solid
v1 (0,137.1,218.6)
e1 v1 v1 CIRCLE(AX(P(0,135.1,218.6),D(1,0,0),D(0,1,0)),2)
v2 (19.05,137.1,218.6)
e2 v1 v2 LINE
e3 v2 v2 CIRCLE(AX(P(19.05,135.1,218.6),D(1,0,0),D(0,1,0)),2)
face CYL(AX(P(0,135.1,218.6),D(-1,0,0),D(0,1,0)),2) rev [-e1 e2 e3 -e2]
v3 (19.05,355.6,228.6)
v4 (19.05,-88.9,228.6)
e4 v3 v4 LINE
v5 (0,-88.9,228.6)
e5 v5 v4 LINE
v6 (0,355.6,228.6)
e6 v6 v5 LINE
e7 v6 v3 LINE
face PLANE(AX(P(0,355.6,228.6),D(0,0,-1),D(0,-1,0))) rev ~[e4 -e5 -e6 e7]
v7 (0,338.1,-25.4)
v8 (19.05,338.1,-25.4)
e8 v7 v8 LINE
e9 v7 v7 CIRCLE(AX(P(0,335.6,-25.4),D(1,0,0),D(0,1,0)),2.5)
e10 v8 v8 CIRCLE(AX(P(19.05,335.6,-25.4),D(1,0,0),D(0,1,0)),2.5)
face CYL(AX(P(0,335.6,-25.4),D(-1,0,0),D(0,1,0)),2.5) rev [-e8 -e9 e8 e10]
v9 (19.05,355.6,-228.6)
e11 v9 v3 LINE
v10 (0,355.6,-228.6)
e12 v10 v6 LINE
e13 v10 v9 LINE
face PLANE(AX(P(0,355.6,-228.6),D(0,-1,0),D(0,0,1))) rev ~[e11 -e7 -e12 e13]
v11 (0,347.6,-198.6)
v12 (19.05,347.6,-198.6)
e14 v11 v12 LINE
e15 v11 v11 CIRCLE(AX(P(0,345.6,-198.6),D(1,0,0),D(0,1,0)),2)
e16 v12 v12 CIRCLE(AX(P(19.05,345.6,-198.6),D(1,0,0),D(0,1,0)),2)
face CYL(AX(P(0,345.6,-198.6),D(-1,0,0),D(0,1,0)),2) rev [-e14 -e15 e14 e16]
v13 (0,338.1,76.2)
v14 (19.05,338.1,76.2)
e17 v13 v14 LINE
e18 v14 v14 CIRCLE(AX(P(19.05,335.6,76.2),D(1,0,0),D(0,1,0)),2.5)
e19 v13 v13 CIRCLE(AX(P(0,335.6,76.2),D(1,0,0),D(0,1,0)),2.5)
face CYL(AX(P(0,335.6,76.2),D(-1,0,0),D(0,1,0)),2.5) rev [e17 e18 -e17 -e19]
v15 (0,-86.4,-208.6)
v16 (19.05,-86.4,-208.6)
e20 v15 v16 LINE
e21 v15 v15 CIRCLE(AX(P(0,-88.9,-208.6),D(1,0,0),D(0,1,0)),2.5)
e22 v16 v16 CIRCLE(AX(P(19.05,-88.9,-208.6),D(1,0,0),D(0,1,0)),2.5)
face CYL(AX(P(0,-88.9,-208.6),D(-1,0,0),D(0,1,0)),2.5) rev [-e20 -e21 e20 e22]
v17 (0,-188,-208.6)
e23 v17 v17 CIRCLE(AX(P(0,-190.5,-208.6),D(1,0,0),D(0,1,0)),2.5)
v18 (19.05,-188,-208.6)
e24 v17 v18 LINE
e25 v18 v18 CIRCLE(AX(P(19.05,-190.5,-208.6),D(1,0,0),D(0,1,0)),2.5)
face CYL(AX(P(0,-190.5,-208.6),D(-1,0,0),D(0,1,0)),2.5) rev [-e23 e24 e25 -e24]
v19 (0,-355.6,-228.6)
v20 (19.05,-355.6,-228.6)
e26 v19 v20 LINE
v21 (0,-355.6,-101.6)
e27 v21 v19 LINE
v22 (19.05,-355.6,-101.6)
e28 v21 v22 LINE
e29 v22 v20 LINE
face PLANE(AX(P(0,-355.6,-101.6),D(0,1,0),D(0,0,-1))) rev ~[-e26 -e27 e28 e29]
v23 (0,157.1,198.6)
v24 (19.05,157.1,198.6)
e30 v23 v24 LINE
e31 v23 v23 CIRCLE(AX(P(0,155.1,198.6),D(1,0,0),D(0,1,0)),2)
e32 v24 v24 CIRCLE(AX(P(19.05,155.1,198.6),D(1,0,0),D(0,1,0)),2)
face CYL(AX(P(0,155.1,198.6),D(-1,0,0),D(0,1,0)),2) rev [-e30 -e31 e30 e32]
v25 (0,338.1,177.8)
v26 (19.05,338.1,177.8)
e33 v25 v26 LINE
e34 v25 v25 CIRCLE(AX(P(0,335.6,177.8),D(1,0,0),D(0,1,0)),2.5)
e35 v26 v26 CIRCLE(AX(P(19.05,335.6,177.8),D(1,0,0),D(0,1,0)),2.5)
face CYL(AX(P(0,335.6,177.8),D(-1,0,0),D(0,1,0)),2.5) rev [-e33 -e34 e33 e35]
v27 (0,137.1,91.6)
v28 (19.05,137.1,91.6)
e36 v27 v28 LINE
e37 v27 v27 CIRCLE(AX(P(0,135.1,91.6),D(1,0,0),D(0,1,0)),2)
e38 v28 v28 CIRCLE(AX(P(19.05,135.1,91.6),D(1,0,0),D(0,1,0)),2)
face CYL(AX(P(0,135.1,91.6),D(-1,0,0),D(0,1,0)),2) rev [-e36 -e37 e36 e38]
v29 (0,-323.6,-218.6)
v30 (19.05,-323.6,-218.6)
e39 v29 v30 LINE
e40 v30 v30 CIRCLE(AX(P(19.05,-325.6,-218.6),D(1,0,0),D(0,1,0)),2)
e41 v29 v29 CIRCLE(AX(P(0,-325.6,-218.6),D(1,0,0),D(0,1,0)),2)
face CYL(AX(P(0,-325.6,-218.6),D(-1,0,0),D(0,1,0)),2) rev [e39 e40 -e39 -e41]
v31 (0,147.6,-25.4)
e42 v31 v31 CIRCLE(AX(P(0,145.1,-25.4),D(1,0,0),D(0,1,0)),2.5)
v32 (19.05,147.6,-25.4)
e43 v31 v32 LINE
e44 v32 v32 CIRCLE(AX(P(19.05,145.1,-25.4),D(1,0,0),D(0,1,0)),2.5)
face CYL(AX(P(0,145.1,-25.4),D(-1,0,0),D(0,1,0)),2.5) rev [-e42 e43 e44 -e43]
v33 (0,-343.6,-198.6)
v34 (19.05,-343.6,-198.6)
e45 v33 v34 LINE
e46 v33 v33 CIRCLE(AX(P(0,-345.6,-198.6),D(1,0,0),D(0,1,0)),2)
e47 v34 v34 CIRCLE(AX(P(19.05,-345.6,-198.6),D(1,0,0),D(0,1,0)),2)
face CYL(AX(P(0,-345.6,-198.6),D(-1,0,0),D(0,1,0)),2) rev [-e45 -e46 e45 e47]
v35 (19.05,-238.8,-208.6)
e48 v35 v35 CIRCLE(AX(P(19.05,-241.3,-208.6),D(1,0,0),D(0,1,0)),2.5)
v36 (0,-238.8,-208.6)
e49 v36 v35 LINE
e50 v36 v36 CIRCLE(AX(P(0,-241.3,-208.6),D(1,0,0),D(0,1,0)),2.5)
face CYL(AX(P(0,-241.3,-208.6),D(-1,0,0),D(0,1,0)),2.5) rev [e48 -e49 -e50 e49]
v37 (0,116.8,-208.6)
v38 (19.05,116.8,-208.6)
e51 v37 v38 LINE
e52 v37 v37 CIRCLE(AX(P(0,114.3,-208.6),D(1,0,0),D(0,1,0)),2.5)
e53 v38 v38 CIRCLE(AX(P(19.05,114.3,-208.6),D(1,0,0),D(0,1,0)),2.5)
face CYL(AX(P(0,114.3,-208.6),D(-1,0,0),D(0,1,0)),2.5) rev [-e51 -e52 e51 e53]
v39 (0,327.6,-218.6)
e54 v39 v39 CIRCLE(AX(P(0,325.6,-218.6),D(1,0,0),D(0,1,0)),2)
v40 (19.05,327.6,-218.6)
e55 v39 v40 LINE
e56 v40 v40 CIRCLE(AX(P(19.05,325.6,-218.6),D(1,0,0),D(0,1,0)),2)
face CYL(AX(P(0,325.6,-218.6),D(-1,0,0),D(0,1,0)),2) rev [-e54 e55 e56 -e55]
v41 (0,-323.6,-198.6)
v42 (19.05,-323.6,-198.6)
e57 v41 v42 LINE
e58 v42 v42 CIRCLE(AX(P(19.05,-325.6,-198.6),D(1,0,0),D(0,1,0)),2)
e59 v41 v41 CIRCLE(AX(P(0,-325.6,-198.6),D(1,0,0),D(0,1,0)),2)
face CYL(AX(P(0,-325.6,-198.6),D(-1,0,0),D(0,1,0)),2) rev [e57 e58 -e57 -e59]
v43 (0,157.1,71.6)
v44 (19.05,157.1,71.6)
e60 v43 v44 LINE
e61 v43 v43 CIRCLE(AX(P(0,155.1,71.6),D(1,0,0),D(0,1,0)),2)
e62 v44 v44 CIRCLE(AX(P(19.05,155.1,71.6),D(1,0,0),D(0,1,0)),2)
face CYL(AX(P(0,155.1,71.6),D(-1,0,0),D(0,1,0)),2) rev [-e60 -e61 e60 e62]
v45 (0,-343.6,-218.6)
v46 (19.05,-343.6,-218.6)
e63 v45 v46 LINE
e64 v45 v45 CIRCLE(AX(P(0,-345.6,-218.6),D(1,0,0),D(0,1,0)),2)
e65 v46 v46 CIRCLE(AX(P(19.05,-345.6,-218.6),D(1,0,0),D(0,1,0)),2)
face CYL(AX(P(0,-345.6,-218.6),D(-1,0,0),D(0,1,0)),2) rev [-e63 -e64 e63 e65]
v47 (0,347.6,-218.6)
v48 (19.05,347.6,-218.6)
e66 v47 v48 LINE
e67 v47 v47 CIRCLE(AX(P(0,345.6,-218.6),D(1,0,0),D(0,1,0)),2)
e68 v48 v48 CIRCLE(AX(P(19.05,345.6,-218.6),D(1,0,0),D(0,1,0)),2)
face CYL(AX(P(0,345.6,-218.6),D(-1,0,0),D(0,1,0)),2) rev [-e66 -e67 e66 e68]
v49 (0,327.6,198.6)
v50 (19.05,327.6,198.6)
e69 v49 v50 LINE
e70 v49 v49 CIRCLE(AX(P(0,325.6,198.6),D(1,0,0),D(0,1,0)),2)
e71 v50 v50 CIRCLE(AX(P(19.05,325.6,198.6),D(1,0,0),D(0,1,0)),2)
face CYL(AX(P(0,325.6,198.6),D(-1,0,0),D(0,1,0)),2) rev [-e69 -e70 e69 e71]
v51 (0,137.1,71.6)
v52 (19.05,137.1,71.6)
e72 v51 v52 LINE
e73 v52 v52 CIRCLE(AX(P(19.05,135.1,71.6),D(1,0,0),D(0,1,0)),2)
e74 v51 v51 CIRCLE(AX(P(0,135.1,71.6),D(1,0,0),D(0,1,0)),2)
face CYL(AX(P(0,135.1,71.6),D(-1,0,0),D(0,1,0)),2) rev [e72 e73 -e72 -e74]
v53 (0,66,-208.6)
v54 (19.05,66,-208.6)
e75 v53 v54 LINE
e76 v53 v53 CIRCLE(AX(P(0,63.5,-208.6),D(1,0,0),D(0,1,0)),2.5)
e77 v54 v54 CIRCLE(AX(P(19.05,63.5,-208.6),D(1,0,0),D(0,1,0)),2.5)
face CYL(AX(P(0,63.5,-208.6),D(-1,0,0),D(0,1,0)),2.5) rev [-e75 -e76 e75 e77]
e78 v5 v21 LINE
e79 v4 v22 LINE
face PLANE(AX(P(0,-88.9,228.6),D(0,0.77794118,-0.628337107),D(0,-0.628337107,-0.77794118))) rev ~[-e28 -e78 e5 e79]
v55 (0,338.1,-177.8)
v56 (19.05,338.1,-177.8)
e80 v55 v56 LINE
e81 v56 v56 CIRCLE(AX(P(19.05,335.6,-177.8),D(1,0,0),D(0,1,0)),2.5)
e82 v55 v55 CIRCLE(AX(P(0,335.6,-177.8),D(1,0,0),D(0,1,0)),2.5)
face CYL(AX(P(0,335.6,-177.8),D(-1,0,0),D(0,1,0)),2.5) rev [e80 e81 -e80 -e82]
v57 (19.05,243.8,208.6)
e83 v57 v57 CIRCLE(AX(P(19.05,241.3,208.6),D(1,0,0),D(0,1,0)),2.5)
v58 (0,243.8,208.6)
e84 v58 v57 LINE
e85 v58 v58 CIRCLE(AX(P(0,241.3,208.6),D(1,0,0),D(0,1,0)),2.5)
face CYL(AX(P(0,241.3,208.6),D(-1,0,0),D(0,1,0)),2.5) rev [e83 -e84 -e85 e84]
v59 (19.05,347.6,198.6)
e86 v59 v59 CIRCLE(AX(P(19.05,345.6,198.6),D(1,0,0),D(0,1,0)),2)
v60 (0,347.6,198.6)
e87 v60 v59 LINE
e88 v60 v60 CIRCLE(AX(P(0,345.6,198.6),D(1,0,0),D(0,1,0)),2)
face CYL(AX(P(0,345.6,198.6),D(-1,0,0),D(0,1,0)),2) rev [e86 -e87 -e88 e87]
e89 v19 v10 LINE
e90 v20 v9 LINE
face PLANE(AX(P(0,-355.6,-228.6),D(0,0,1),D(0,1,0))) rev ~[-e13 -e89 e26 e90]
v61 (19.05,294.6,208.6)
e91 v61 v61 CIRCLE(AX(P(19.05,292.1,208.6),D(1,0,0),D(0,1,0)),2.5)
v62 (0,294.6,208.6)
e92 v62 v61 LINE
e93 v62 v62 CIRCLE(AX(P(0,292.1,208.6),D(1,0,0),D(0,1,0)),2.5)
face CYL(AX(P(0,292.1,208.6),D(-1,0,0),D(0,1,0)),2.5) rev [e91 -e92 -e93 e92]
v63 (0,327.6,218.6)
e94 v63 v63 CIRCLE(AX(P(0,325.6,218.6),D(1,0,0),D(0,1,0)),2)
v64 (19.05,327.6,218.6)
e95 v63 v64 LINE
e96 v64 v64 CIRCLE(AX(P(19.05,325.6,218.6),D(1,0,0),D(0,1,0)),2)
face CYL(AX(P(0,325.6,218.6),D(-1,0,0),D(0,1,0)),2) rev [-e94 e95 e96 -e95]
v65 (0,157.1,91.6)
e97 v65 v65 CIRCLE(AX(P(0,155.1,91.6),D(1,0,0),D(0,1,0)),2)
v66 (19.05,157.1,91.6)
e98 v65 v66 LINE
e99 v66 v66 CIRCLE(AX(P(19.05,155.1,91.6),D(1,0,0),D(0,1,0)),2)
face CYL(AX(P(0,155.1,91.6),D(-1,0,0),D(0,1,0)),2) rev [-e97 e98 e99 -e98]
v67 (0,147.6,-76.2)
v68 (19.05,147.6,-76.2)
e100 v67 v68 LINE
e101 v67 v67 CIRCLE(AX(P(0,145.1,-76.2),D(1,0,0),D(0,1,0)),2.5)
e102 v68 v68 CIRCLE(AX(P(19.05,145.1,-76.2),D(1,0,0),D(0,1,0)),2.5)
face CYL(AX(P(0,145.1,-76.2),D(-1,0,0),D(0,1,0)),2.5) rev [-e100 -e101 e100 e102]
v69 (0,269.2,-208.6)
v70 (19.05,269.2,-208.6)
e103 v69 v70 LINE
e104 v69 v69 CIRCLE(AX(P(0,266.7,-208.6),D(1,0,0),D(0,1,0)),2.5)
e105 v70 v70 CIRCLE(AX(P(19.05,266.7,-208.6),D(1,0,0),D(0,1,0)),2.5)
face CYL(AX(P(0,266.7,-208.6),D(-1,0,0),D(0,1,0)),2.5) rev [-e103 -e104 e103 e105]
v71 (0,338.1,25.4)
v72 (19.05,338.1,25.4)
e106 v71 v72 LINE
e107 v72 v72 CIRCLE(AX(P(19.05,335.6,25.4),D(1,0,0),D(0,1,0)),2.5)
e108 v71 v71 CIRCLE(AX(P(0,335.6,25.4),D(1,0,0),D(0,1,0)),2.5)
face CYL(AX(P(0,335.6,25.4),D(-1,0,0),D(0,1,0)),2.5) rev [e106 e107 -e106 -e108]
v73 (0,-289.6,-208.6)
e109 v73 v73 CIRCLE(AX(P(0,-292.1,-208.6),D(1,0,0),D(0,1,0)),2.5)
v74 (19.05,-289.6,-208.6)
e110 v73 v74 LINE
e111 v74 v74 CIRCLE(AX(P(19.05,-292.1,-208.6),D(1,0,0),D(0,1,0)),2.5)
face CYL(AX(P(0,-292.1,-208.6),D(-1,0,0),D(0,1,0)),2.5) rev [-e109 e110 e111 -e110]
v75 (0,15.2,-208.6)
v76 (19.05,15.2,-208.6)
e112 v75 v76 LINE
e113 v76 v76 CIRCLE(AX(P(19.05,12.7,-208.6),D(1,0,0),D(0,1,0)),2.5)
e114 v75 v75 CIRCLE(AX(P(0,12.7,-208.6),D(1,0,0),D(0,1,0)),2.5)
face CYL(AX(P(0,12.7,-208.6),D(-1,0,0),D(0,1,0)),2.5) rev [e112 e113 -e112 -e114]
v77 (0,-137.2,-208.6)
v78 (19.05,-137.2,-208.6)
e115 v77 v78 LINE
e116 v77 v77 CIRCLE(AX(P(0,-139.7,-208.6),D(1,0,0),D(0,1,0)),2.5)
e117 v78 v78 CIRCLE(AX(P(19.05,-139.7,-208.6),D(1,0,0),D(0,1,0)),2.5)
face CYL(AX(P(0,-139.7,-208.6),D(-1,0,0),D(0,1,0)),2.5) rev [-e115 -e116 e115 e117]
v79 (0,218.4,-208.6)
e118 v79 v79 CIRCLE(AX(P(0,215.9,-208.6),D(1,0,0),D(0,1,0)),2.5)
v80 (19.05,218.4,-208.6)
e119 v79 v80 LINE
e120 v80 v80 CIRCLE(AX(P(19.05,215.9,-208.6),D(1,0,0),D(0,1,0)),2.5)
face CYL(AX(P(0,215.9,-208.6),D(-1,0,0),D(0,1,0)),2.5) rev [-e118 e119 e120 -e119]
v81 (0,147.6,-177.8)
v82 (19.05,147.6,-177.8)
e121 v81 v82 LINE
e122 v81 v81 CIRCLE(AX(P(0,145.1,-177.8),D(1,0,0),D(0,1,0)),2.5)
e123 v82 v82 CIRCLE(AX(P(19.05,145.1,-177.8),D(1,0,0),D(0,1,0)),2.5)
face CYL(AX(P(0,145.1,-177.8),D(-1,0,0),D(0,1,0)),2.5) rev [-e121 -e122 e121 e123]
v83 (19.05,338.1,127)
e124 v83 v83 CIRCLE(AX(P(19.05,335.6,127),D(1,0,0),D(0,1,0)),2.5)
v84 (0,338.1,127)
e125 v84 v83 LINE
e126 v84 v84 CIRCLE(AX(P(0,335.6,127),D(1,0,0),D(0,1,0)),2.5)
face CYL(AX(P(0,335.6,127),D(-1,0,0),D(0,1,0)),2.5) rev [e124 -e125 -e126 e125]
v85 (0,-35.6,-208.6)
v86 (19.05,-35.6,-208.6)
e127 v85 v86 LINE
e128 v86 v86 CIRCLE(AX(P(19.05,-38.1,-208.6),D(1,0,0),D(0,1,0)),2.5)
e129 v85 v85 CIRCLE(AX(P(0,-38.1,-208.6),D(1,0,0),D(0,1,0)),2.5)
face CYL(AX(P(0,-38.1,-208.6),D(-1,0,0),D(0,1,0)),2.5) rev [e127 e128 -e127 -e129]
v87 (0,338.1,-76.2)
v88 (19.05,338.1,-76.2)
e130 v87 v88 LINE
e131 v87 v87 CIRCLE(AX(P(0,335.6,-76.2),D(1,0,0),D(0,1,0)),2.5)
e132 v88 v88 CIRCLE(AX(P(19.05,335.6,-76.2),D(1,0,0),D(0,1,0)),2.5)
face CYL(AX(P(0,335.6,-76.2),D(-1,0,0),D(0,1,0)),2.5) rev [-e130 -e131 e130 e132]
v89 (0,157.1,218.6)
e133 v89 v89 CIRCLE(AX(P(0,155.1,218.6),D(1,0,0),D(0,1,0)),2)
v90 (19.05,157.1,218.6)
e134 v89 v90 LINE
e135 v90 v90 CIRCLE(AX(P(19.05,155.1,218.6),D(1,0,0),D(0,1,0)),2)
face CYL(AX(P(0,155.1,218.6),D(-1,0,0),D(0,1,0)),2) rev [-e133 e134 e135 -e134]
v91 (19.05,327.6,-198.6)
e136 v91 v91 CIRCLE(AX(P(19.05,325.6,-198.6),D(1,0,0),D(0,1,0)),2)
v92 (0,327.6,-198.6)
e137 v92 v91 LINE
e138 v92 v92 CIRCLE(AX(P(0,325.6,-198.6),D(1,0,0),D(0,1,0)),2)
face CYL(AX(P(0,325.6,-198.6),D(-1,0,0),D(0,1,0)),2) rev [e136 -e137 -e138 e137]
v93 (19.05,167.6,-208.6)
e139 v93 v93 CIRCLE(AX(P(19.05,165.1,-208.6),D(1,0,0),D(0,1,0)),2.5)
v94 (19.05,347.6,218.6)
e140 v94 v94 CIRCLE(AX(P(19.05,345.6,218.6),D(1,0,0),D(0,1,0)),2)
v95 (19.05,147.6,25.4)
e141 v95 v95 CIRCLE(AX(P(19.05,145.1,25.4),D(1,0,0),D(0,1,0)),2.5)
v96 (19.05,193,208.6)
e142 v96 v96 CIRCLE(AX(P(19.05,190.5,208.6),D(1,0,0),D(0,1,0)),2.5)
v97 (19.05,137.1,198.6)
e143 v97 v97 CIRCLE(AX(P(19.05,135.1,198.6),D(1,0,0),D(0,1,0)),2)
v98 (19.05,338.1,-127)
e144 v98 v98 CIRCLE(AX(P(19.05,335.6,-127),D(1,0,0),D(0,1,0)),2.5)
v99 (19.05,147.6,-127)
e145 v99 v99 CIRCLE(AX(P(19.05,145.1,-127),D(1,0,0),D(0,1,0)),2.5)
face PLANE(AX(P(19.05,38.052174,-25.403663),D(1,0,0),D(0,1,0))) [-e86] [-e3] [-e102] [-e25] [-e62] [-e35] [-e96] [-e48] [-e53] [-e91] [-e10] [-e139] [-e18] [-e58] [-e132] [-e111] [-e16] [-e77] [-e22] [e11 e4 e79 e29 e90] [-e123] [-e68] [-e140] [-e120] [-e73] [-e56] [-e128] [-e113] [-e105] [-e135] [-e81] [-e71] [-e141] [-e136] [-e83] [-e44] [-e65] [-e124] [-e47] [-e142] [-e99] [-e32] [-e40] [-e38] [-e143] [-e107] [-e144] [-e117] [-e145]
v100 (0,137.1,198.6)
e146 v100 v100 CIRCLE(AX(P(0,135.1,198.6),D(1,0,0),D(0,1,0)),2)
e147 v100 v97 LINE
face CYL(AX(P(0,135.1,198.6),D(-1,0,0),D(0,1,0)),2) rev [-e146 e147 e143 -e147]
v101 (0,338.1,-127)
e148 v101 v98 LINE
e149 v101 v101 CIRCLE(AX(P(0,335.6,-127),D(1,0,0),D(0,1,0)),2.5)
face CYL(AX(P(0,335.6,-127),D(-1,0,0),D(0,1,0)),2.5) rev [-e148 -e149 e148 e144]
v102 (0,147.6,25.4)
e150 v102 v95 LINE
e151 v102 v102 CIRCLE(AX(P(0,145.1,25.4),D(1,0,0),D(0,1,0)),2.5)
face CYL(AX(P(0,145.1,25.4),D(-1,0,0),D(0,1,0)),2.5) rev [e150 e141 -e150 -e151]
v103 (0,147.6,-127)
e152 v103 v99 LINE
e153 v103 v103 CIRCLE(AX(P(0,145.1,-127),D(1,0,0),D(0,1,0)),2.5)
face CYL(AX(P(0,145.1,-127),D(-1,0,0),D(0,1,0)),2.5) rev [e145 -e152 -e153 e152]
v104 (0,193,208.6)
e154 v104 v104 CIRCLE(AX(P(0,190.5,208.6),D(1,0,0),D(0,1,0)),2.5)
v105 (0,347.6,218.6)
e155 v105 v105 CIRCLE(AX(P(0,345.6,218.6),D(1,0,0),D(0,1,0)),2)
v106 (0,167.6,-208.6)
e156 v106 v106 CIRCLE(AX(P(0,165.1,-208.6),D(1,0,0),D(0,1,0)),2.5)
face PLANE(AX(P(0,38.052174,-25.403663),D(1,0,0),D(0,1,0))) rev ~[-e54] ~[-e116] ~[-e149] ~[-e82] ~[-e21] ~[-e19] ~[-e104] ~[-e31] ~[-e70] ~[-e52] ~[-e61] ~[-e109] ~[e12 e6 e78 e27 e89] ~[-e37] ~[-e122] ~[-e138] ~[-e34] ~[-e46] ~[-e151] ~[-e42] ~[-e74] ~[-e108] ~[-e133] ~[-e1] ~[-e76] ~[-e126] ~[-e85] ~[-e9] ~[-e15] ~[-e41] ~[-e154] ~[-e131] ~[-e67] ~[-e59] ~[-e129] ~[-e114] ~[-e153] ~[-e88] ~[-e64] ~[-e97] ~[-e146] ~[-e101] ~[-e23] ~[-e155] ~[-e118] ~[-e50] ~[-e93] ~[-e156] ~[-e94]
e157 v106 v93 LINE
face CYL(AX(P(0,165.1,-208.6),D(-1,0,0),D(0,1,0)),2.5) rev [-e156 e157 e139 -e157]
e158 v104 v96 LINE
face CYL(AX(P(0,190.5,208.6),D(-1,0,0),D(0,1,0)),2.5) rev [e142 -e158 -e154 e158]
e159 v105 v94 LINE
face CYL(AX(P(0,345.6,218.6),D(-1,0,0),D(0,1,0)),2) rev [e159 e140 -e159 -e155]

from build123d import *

# Parameters (mm, degrees)
F0_R     = 2
F0_R_2   = 2.5
F1_DEPTH = 19.05


with BuildPart() as f1:
    # F0 (on Right) → F1 (new body)
    with BuildSketch(Plane.YZ):
        Polygon((-355.6, -101.6), (-355.6, -228.6), (355.6, -228.6), (355.6, 228.6), (-88.9, 228.6), align=None)
        with Locations((-345.6, -218.6)):
            Circle(F0_R, mode=Mode.SUBTRACT)
        with Locations((-325.6, -218.6)):
            Circle(F0_R, mode=Mode.SUBTRACT)
        with Locations((-292.1, -208.6)):
            Circle(F0_R_2, mode=Mode.SUBTRACT)
        with Locations((-345.6, -198.6)):
            Circle(F0_R, mode=Mode.SUBTRACT)
        with Locations((-325.6, -198.6)):
            Circle(F0_R, mode=Mode.SUBTRACT)
        with Locations((-241.3, -208.6)):
            Circle(F0_R_2, mode=Mode.SUBTRACT)
        with Locations((-190.5, -208.6)):
            Circle(F0_R_2, mode=Mode.SUBTRACT)
        with Locations((-139.7, -208.6)):
            Circle(F0_R_2, mode=Mode.SUBTRACT)
        with Locations((-88.9, -208.6)):
            Circle(F0_R_2, mode=Mode.SUBTRACT)
        with Locations((-38.1, -208.6)):
            Circle(F0_R_2, mode=Mode.SUBTRACT)
        with Locations((12.7, -208.6)):
            Circle(F0_R_2, mode=Mode.SUBTRACT)
        with Locations((63.5, -208.6)):
            Circle(F0_R_2, mode=Mode.SUBTRACT)
        with Locations((114.3, -208.6)):
            Circle(F0_R_2, mode=Mode.SUBTRACT)
        with Locations((165.1, -208.6)):
            Circle(F0_R_2, mode=Mode.SUBTRACT)
        with Locations((145.1, -177.8)):
            Circle(F0_R_2, mode=Mode.SUBTRACT)
        with Locations((145.1, -127)):
            Circle(F0_R_2, mode=Mode.SUBTRACT)
        with Locations((215.9, -208.6)):
            Circle(F0_R_2, mode=Mode.SUBTRACT)
        with Locations((266.7, -208.6)):
            Circle(F0_R_2, mode=Mode.SUBTRACT)
        with Locations((325.6, -218.6)):
            Circle(F0_R, mode=Mode.SUBTRACT)
        with Locations((345.6, -218.6)):
            Circle(F0_R, mode=Mode.SUBTRACT)
        with Locations((325.6, -198.6)):
            Circle(F0_R, mode=Mode.SUBTRACT)
        with Locations((345.6, -198.6)):
            Circle(F0_R, mode=Mode.SUBTRACT)
        with Locations((335.6, -177.8)):
            Circle(F0_R_2, mode=Mode.SUBTRACT)
        with Locations((335.6, -127)):
            Circle(F0_R_2, mode=Mode.SUBTRACT)
        with Locations((145.1, -76.2)):
            Circle(F0_R_2, mode=Mode.SUBTRACT)
        with Locations((145.1, -25.4)):
            Circle(F0_R_2, mode=Mode.SUBTRACT)
        with Locations((335.6, -76.2)):
            Circle(F0_R_2, mode=Mode.SUBTRACT)
        with Locations((335.6, -25.4)):
            Circle(F0_R_2, mode=Mode.SUBTRACT)
        with Locations((145.1, 25.4)):
            Circle(F0_R_2, mode=Mode.SUBTRACT)
        with Locations((135.1, 71.6)):
            Circle(F0_R, mode=Mode.SUBTRACT)
        with Locations((155.1, 71.6)):
            Circle(F0_R, mode=Mode.SUBTRACT)
        with Locations((135.1, 91.6)):
            Circle(F0_R, mode=Mode.SUBTRACT)
        with Locations((155.1, 91.6)):
            Circle(F0_R, mode=Mode.SUBTRACT)
        with Locations((335.6, 25.4)):
            Circle(F0_R_2, mode=Mode.SUBTRACT)
        with Locations((335.6, 76.2)):
            Circle(F0_R_2, mode=Mode.SUBTRACT)
        with Locations((135.1, 198.6)):
            Circle(F0_R, mode=Mode.SUBTRACT)
        with Locations((155.1, 198.6)):
            Circle(F0_R, mode=Mode.SUBTRACT)
        with Locations((135.1, 218.6)):
            Circle(F0_R, mode=Mode.SUBTRACT)
        with Locations((155.1, 218.6)):
            Circle(F0_R, mode=Mode.SUBTRACT)
        with Locations((335.6, 127)):
            Circle(F0_R_2, mode=Mode.SUBTRACT)
        with Locations((190.5, 208.6)):
            Circle(F0_R_2, mode=Mode.SUBTRACT)
        with Locations((241.3, 208.6)):
            Circle(F0_R_2, mode=Mode.SUBTRACT)
        with Locations((335.6, 177.8)):
            Circle(F0_R_2, mode=Mode.SUBTRACT)
        with Locations((325.6, 198.6)):
            Circle(F0_R, mode=Mode.SUBTRACT)
        with Locations((345.6, 198.6)):
            Circle(F0_R, mode=Mode.SUBTRACT)
        with Locations((292.1, 208.6)):
            Circle(F0_R_2, mode=Mode.SUBTRACT)
        with Locations((325.6, 218.6)):
            Circle(F0_R, mode=Mode.SUBTRACT)
        with Locations((345.6, 218.6)):
            Circle(F0_R, mode=Mode.SUBTRACT)
    extrude(amount=F1_DEPTH)


solid = f1.part
